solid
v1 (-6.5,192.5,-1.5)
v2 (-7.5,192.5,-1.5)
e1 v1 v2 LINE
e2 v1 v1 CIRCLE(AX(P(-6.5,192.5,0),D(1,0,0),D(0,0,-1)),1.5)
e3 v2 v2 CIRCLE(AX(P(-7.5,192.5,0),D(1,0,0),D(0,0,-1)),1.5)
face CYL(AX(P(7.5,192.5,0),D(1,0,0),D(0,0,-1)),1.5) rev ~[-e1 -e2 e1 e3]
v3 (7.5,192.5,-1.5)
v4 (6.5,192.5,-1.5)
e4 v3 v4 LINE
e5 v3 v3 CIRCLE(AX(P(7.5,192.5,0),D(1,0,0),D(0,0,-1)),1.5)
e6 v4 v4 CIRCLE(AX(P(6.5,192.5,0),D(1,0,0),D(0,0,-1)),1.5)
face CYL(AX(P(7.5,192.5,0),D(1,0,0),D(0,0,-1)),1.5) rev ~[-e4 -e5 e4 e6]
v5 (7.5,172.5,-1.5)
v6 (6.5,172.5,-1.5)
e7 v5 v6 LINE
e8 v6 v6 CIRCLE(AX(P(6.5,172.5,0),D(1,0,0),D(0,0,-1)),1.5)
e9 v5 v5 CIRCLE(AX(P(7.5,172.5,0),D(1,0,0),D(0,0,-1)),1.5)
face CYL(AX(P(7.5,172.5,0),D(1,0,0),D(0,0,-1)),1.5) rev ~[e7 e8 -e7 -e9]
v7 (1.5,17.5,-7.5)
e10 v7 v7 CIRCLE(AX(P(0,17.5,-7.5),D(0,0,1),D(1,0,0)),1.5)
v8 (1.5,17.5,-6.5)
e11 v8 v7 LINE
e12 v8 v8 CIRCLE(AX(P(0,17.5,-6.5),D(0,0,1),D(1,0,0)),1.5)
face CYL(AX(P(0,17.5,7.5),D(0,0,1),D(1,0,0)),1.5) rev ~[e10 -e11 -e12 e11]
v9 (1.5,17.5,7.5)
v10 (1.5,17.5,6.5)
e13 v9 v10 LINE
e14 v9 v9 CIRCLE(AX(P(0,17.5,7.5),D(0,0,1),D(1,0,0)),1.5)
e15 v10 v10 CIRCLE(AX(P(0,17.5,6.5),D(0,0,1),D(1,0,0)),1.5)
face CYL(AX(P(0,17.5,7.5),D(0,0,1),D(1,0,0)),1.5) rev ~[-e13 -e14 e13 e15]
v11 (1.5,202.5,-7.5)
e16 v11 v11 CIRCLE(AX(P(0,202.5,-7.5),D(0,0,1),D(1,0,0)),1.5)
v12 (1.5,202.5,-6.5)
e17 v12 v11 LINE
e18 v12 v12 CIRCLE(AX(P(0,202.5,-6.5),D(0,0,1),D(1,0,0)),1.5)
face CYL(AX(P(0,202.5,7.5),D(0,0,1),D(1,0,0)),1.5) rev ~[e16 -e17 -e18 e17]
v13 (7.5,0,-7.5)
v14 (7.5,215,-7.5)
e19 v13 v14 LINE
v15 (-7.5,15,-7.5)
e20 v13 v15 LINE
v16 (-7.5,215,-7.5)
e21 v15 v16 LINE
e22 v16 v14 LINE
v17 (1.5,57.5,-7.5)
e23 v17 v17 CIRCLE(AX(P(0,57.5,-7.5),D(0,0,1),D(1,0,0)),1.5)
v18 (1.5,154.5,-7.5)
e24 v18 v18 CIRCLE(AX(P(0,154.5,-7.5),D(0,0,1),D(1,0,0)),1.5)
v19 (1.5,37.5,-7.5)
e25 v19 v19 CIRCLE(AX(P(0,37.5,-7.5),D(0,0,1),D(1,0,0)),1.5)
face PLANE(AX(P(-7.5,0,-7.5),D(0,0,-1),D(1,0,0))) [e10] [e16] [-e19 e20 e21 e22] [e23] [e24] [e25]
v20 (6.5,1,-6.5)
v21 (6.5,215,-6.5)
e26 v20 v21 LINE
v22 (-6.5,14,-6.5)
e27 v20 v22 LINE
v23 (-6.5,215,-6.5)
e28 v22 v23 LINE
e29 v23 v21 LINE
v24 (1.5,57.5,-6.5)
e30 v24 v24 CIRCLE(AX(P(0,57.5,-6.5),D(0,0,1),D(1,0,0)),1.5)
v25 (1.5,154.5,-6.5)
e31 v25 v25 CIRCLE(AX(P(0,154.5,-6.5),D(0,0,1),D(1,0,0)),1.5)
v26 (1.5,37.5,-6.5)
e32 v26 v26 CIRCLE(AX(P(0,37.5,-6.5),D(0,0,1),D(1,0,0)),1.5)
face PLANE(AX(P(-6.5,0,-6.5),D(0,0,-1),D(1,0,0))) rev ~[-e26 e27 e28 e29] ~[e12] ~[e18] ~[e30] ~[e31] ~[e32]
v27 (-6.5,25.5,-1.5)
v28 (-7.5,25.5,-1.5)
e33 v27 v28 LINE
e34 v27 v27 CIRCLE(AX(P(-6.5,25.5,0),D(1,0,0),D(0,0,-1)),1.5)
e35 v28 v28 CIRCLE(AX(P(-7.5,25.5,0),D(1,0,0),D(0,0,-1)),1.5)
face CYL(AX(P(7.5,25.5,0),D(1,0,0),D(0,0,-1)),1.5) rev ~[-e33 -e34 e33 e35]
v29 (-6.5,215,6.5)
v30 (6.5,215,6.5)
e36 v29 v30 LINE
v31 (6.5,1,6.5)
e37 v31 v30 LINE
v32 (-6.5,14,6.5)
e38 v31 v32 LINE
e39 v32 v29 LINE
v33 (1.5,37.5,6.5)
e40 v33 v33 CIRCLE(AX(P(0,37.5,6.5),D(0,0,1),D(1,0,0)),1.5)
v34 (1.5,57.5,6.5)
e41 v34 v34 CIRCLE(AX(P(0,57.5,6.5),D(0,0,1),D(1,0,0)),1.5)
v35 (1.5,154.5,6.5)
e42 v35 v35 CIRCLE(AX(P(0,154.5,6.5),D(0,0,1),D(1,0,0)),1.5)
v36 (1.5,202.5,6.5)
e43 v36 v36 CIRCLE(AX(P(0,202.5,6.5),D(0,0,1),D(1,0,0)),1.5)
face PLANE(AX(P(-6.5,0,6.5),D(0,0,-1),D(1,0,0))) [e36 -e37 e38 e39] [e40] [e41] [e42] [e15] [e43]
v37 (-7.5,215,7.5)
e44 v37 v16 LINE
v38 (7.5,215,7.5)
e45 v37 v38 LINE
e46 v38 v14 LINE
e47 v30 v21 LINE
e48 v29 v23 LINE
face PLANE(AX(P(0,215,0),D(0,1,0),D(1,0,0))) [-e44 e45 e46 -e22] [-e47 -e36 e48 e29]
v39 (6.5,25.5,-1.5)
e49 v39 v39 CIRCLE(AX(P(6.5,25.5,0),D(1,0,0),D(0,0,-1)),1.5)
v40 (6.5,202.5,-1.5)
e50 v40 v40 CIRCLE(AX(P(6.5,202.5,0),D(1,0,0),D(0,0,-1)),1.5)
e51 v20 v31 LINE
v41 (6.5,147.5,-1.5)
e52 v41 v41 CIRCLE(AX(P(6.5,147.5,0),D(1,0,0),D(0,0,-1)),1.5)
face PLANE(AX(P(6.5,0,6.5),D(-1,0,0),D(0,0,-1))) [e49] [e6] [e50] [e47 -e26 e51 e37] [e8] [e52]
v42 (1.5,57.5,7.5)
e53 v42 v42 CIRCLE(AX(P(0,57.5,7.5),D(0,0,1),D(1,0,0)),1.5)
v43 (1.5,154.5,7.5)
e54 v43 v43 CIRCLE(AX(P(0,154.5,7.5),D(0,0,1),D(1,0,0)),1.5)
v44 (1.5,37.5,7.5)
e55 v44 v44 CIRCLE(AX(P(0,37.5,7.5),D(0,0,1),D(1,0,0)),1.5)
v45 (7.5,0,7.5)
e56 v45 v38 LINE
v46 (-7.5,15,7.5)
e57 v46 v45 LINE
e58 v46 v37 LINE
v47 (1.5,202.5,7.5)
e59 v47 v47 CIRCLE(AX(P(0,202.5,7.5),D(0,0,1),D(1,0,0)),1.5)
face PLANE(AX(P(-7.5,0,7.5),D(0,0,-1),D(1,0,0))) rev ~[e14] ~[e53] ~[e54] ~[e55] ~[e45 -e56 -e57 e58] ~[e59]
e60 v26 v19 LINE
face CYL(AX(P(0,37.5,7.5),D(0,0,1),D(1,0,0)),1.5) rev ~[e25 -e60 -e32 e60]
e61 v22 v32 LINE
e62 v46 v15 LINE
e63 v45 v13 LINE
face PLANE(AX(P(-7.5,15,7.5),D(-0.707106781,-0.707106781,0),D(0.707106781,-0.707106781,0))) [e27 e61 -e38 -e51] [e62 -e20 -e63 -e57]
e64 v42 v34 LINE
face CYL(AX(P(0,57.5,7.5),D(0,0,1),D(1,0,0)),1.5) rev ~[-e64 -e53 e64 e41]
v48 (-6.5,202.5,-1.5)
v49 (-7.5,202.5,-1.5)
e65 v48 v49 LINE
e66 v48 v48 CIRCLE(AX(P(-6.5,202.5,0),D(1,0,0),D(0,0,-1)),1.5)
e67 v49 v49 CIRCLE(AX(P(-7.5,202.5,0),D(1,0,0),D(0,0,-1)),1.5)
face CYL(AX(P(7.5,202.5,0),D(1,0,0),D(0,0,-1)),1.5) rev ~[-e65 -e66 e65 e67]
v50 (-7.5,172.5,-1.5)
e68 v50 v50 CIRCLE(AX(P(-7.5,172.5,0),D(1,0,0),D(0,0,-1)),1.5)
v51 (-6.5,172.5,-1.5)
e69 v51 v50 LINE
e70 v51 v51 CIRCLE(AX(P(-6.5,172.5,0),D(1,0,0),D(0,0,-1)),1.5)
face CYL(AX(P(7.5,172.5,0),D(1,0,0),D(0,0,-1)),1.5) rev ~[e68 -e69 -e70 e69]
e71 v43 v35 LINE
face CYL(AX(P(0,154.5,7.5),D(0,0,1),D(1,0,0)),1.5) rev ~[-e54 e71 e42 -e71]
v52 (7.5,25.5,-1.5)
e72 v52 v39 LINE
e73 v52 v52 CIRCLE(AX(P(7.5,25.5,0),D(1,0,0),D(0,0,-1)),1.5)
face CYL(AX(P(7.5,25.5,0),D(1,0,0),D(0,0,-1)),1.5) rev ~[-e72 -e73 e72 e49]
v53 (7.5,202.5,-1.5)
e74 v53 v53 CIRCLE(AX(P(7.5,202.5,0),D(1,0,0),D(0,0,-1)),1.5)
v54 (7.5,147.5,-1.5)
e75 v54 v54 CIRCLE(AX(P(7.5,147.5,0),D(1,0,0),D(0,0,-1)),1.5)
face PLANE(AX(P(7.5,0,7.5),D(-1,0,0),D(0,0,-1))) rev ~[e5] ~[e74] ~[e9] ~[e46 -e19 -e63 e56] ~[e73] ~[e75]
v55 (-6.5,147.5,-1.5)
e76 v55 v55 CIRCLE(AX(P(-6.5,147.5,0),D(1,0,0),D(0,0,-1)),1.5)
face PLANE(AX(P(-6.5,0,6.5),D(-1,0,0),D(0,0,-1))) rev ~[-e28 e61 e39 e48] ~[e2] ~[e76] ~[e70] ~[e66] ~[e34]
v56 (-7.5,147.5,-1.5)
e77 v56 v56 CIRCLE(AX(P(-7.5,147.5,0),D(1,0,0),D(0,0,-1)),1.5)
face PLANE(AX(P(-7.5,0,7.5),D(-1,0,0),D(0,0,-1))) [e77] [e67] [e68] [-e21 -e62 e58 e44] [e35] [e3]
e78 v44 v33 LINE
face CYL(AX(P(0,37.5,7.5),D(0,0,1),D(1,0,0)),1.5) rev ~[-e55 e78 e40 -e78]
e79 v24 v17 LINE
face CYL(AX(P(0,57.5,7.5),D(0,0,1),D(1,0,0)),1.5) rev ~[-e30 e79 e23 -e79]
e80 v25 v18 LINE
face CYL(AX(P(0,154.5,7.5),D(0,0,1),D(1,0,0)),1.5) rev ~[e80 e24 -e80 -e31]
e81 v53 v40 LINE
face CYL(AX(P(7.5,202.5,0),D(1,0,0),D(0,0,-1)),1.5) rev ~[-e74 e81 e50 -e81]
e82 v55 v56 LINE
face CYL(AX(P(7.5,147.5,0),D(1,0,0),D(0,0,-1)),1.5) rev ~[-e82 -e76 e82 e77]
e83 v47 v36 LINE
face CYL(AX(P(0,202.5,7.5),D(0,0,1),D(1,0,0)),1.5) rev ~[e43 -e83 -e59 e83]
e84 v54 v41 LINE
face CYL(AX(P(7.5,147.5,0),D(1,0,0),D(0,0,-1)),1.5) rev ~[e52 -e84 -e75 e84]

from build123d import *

# Parameters (mm, degrees)
SKETCH_1_W          = 15
SKETCH_1_H          = 15
SKETCH_1_W_2        = 13
SKETCH_1_H_2        = 13
EXTRUDE_1_DEPTH     = 215
SKETCH_2_R          = 1.5
CUT_EXTRUDE_1_DEPTH = 216.653077882
SKETCH_3_R          = 1.5
CUT_EXTRUDE_2_DEPTH = 216.653077882


with BuildPart() as part:
    # 草图1 → 凸台-拉伸1 (new body)
    with BuildSketch(Plane(origin=(0, 0, 0), x_dir=(1, 0, 0), z_dir=(0, 1, 0))):
        Rectangle(SKETCH_1_W, SKETCH_1_H)
        Rectangle(SKETCH_1_W_2, SKETCH_1_H_2, mode=Mode.SUBTRACT)
    extrude(amount=EXTRUDE_1_DEPTH)

    # 草图2 → 切除-拉伸1 (cut, through all)
    with BuildSketch(Plane.XY.offset(7.5)):
        with Locations((0, 37.5)):
            Circle(SKETCH_2_R)
        with Locations((0, 17.5)):
            Circle(SKETCH_2_R)
        with Locations((0, 57.5)):
            Circle(SKETCH_2_R)
        with Locations((0, 202.5)):
            Circle(SKETCH_2_R)
        with Locations((0, 154.5)):
            Circle(SKETCH_2_R)
        Polygon((7.5, 0), (-7.5, 0), (-7.5, 15), align=None)
    extrude(amount=-CUT_EXTRUDE_1_DEPTH, mode=Mode.SUBTRACT)

    # 草图3 → 切除-拉伸2 (cut, through all)
    with BuildSketch(Plane(origin=(7.5, 0, 0), x_dir=(0, 0, -1), z_dir=(1, 0, 0))):
        with Locations((0, 172.5)):
            Circle(SKETCH_3_R)
        with Locations((0, 192.5)):
            Circle(SKETCH_3_R)
        with Locations((0, 147.5)):
            Circle(SKETCH_3_R)
        with Locations((0, 202.5)):
            Circle(SKETCH_3_R)
        with Locations((0, 25.5)):
            Circle(SKETCH_3_R)
    extrude(amount=-CUT_EXTRUDE_2_DEPTH, mode=Mode.SUBTRACT)


solid = part.part
